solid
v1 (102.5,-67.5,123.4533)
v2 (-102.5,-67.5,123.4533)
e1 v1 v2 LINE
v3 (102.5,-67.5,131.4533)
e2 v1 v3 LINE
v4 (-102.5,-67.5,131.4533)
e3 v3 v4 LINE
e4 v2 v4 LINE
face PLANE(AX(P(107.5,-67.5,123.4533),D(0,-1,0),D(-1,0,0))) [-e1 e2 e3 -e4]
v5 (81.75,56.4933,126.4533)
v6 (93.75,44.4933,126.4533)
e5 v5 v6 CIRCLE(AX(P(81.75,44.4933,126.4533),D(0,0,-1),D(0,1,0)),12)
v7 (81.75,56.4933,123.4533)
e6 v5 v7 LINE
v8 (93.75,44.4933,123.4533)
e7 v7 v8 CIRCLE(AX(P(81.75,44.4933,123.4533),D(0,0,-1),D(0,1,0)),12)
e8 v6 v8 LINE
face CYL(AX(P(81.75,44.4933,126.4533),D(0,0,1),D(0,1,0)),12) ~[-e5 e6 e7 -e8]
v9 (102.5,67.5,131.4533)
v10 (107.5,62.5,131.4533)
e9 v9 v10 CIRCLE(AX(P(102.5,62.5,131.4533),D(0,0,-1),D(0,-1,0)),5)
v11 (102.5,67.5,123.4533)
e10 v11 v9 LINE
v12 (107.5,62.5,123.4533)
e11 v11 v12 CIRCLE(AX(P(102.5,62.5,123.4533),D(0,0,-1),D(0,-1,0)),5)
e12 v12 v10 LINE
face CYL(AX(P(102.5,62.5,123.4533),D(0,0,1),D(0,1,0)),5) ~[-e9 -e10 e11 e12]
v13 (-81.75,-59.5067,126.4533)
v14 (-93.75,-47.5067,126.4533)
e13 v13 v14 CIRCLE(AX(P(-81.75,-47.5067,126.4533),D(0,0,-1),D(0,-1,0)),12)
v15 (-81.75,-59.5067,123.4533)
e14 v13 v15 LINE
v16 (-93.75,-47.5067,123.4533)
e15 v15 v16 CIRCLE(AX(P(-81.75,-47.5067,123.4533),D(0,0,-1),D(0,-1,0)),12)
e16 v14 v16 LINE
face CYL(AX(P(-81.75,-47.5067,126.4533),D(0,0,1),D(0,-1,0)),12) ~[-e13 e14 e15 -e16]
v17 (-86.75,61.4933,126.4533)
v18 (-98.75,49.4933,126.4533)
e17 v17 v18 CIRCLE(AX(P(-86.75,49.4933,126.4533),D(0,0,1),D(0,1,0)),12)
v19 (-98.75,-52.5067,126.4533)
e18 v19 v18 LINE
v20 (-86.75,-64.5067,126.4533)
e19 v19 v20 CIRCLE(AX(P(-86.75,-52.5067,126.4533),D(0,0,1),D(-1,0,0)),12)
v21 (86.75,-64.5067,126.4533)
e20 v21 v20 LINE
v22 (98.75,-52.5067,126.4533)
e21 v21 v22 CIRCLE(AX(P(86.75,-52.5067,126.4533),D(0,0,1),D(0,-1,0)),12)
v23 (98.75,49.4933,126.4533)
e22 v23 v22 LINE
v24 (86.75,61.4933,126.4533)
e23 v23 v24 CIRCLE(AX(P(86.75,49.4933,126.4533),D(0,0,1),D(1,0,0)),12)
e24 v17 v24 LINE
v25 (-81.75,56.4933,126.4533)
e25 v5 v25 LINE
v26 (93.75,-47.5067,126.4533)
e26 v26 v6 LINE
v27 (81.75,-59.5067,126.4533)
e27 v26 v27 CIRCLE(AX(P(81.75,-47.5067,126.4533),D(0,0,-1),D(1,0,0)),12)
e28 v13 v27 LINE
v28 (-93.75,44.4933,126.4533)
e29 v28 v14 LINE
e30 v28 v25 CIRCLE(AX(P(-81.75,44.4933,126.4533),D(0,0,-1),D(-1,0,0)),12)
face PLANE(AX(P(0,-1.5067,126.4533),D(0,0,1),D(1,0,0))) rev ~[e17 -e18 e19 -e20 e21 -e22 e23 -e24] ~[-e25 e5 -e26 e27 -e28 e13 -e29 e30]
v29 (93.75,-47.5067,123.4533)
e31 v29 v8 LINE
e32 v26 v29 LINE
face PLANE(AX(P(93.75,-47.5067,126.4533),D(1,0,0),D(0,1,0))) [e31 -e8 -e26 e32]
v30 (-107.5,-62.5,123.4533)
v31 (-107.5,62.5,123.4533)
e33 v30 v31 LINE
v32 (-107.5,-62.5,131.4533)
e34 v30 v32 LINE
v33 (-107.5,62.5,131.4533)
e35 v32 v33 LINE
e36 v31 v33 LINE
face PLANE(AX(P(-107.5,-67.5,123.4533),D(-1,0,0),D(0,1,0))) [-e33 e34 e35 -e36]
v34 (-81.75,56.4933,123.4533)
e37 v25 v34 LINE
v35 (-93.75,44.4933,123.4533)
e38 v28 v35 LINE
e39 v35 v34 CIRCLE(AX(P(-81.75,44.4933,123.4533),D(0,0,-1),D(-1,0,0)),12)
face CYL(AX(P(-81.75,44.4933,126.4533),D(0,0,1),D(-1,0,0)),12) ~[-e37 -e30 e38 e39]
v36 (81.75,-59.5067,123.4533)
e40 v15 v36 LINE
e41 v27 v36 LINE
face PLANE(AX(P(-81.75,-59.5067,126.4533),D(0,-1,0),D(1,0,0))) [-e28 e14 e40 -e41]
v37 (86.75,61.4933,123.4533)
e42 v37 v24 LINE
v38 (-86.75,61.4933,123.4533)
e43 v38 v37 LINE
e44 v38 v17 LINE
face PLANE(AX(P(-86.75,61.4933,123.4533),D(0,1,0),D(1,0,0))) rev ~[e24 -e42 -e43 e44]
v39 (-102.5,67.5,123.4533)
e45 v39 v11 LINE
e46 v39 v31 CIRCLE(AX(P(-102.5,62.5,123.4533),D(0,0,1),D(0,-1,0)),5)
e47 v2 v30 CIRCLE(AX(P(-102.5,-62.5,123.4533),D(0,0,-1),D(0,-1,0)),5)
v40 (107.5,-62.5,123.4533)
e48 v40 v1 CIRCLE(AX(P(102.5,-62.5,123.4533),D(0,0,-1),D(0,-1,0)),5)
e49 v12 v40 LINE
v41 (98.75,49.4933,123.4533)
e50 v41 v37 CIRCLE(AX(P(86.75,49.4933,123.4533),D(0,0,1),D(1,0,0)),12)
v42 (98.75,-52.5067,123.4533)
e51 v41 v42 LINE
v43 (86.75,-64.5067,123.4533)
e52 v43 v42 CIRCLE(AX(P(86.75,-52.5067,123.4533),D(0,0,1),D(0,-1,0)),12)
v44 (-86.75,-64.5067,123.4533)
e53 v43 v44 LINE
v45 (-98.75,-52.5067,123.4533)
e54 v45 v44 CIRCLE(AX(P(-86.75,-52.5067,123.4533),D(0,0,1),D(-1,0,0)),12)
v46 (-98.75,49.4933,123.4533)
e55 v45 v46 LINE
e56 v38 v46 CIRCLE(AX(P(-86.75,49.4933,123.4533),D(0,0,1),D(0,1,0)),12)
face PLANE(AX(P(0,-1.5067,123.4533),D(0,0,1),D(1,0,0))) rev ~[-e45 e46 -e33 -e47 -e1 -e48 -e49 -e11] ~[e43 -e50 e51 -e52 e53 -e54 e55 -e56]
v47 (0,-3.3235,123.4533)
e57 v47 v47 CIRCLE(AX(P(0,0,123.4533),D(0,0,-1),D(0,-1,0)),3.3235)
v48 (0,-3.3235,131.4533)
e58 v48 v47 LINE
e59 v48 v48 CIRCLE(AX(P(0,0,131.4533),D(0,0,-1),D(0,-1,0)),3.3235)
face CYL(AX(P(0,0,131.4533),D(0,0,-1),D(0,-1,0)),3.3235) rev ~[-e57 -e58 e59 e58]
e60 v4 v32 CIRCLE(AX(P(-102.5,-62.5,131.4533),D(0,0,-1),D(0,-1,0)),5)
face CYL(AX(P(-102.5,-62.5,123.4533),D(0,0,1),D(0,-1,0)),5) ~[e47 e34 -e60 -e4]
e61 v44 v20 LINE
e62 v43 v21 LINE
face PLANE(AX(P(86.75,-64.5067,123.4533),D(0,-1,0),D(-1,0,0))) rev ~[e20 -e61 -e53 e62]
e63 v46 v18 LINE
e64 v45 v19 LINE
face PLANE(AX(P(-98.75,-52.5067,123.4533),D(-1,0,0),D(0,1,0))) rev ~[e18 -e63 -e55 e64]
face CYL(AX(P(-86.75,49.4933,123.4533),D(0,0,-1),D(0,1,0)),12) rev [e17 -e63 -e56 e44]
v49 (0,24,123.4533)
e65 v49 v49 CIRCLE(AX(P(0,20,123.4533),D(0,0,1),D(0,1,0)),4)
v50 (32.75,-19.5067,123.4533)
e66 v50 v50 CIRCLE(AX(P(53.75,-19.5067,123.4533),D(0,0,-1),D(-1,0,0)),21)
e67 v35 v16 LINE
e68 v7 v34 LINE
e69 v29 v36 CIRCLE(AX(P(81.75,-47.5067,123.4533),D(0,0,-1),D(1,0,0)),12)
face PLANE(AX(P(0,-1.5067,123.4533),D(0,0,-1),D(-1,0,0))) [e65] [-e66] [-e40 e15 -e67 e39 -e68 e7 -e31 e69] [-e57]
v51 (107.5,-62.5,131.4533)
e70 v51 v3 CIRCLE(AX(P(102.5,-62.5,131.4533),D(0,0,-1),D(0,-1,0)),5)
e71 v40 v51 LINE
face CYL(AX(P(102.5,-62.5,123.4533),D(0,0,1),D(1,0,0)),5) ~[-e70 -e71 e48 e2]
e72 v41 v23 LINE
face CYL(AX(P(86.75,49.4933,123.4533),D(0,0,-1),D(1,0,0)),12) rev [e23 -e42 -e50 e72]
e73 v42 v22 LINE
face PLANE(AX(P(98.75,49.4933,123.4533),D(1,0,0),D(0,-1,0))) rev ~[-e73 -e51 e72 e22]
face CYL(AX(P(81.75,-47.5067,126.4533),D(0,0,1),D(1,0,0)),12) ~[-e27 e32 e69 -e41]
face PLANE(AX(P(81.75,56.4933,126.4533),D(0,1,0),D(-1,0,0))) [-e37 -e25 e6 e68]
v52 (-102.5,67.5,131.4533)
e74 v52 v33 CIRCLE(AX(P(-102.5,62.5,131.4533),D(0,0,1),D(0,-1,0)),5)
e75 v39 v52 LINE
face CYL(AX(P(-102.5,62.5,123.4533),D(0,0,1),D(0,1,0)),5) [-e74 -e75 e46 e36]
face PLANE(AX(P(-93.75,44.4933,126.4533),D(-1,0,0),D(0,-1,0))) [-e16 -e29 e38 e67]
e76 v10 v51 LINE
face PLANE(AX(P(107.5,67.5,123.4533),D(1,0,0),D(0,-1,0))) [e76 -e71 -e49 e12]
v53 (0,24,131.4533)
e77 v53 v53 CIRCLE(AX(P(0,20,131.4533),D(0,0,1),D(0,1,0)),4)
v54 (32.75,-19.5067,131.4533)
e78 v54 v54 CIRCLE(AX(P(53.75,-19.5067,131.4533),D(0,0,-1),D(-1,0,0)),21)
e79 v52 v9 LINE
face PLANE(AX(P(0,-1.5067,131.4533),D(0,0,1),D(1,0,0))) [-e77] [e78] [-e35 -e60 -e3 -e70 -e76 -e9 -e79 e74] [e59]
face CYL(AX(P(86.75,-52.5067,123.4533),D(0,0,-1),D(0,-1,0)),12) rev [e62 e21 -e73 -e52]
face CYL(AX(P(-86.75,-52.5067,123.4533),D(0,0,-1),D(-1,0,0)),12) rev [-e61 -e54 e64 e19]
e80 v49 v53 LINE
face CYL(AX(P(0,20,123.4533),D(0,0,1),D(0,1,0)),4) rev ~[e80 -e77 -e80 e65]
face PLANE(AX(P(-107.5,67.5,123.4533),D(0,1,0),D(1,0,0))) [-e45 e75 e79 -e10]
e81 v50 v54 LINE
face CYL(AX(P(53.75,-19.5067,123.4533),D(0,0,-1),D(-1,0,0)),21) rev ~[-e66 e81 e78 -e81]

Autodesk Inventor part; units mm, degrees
ref_plane "YZ Plane" through (0, 0, 0) normal (1, 0, 0) x (0, 1, 0)
ref_plane "XZ Plane" through (0, 0, 0) normal (0, 1, 0) x (-1, 0, 0)
ref_plane "XY Plane" through (0, 0, 0) normal (0, 0, 1) x (1, 0, 0)
ref_plane "Work Plane1" through (0, -1.5067, 123.4533) normal (0, 0, 1) x (1, 0, 0)
sketch "Sketch1" plane through (0, -1.5067, 123.4533) normal (0, 0, 1) x (1, 0, 0)
  arc A0 (-98.75, -51) -> (-86.75, -63) centre (-86.75, -51) ccw projected
  line L0 (86.75, -63) -> (-86.75, -63) projected
  arc A1 (86.75, -63) -> (98.75, -51) centre (86.75, -51) ccw projected
  line L1 (98.75, 51) -> (98.75, -51) projected
  arc A2 (98.75, 51) -> (86.75, 63) centre (86.75, 51) ccw projected
  line L2 (-86.75, 63) -> (86.75, 63) projected
  arc A3 (-86.75, 63) -> (-98.75, 51) centre (-86.75, 51) ccw projected
  line L3 (-98.75, -51) -> (-98.75, 51) projected
  line L4 (93.75, 46) -> (93.75, -46) projected
  arc A4 (81.75, -58) -> (93.75, -46) centre (81.75, -46) ccw projected
  line L5 (81.75, -58) -> (-81.75, -58) projected
  arc A5 (-93.75, -46) -> (-81.75, -58) centre (-81.75, -46) ccw projected
  line L6 (-93.75, -46) -> (-93.75, 46) projected
  arc A6 (-81.75, 58) -> (-93.75, 46) centre (-81.75, 46) ccw projected
  line L7 (-81.75, 58) -> (81.75, 58) projected
  arc A7 (93.75, 46) -> (81.75, 58) centre (81.75, 46) ccw projected
  point P0 (0, 1.5067)
sketch "Sketch2" plane through (0, -1.5067, 123.4533) normal (0, 0, 1) x (1, 0, 0)
  line L0 (-107.5, 69.0067) -> (107.5, 69.0067)
  line L1 (107.5, 69.0067) -> (107.5, -65.9933)
  line L2 (107.5, -65.9933) -> (-107.5, -65.9933)
  line L3 (-107.5, -65.9933) -> (-107.5, 69.0067)
  point P0 (0, 1.5067)
  dimension "height" = 135
  dimension "width" = 215
  dimension "d2" = 107.5
  dimension "d3" = 67.5
extrude "Extrusion1" add sketch "Sketch2" along normal blind 8
fillet "Fillet1" radius 5 4 edges at (-107.5, 67.5, 127.4533) (107.5, 67.5, 127.4533) (107.5, -67.5, 127.4533) (-107.5, -67.5, 127.4533)
extrude "Extrusion2" cut sketch "Sketch1" along normal blind 3 contours L3 A3 L2 A2 L1 A1 L0 A0 | L4 A4 L5 A5 L6 A6 L7 A7
sketch "Sketch3" plane through (0, -1.5067, 126.4533) normal (0, 0, -1) x (-1, 0, 0)
  line L0 (93.75, 46) -> (93.75, -46)
  arc A0 (81.75, -58) -> (93.75, -46) centre (81.75, -46) ccw
  line L1 (81.75, -58) -> (-81.75, -58)
  arc A1 (-93.75, -46) -> (-81.75, -58) centre (-81.75, -46) ccw
  line L2 (-93.75, -46) -> (-93.75, 46)
  arc A2 (-81.75, 58) -> (-93.75, 46) centre (-81.75, 46) ccw
  line L3 (-81.75, 58) -> (81.75, 58)
  arc A3 (93.75, 46) -> (81.75, 58) centre (81.75, 46) ccw
  point P0 (0, 1.5067)
  point P1 (86.75, -51)
extrude "Extrusion3" add sketch "Sketch3" along normal blind 3
hole "Hole1" at (0, 0, 131.4533) direction (0, 0, -1) diameter 6.647 end through all thread size "M8x1.25" class "6H" standard "ANSI Metric M Profile"
sketch "Sketch4" plane through (0, -1.5067, 123.4533) normal (0, 0, -1) x (-1, 0, 0)
  circle A0 centre (-53.75, -18) radius 37
  line L0 (-15, 6.5067) -> (15, 6.5067)
  line L1 (15, 6.5067) -> (15, 36.5067)
  line L2 (15, 36.5067) -> (-15, 36.5067)
  line L3 (-15, 36.5067) -> (-15, 6.5067)
  line L4 (-93.75, 46) -> (-93.75, -46) projected
  line L5 (-81.75, -58) -> (81.75, -58) projected
  circle A1 centre (-53.75, -18) radius 21
  point P0 (0, 1.5067)
  dimension "d20" = 74
  dimension "d21" = 30
  dimension "d22" = 30
  dimension "d23" = 15
  dimension "d24" = 40
  dimension "d25" = 40
  dimension "d26" = 5
  dimension "d27" = 42
extrude "Extrusion4" cut sketch "Sketch4" against normal through all contours A1
hole "Hole2" at (0, 20, 123.4533) direction (0, 0, 1) diameter 8 end through all
equation "\"d2\" = 0.5 * width"
equation "\"d3\" = 0.5 * height"
equation "\"d9\" = 0.5 * height"
equation "\"d10\" = 0.5 * width"
equation "\"d30\" = 0.5 * width"
properties part number "capac"
